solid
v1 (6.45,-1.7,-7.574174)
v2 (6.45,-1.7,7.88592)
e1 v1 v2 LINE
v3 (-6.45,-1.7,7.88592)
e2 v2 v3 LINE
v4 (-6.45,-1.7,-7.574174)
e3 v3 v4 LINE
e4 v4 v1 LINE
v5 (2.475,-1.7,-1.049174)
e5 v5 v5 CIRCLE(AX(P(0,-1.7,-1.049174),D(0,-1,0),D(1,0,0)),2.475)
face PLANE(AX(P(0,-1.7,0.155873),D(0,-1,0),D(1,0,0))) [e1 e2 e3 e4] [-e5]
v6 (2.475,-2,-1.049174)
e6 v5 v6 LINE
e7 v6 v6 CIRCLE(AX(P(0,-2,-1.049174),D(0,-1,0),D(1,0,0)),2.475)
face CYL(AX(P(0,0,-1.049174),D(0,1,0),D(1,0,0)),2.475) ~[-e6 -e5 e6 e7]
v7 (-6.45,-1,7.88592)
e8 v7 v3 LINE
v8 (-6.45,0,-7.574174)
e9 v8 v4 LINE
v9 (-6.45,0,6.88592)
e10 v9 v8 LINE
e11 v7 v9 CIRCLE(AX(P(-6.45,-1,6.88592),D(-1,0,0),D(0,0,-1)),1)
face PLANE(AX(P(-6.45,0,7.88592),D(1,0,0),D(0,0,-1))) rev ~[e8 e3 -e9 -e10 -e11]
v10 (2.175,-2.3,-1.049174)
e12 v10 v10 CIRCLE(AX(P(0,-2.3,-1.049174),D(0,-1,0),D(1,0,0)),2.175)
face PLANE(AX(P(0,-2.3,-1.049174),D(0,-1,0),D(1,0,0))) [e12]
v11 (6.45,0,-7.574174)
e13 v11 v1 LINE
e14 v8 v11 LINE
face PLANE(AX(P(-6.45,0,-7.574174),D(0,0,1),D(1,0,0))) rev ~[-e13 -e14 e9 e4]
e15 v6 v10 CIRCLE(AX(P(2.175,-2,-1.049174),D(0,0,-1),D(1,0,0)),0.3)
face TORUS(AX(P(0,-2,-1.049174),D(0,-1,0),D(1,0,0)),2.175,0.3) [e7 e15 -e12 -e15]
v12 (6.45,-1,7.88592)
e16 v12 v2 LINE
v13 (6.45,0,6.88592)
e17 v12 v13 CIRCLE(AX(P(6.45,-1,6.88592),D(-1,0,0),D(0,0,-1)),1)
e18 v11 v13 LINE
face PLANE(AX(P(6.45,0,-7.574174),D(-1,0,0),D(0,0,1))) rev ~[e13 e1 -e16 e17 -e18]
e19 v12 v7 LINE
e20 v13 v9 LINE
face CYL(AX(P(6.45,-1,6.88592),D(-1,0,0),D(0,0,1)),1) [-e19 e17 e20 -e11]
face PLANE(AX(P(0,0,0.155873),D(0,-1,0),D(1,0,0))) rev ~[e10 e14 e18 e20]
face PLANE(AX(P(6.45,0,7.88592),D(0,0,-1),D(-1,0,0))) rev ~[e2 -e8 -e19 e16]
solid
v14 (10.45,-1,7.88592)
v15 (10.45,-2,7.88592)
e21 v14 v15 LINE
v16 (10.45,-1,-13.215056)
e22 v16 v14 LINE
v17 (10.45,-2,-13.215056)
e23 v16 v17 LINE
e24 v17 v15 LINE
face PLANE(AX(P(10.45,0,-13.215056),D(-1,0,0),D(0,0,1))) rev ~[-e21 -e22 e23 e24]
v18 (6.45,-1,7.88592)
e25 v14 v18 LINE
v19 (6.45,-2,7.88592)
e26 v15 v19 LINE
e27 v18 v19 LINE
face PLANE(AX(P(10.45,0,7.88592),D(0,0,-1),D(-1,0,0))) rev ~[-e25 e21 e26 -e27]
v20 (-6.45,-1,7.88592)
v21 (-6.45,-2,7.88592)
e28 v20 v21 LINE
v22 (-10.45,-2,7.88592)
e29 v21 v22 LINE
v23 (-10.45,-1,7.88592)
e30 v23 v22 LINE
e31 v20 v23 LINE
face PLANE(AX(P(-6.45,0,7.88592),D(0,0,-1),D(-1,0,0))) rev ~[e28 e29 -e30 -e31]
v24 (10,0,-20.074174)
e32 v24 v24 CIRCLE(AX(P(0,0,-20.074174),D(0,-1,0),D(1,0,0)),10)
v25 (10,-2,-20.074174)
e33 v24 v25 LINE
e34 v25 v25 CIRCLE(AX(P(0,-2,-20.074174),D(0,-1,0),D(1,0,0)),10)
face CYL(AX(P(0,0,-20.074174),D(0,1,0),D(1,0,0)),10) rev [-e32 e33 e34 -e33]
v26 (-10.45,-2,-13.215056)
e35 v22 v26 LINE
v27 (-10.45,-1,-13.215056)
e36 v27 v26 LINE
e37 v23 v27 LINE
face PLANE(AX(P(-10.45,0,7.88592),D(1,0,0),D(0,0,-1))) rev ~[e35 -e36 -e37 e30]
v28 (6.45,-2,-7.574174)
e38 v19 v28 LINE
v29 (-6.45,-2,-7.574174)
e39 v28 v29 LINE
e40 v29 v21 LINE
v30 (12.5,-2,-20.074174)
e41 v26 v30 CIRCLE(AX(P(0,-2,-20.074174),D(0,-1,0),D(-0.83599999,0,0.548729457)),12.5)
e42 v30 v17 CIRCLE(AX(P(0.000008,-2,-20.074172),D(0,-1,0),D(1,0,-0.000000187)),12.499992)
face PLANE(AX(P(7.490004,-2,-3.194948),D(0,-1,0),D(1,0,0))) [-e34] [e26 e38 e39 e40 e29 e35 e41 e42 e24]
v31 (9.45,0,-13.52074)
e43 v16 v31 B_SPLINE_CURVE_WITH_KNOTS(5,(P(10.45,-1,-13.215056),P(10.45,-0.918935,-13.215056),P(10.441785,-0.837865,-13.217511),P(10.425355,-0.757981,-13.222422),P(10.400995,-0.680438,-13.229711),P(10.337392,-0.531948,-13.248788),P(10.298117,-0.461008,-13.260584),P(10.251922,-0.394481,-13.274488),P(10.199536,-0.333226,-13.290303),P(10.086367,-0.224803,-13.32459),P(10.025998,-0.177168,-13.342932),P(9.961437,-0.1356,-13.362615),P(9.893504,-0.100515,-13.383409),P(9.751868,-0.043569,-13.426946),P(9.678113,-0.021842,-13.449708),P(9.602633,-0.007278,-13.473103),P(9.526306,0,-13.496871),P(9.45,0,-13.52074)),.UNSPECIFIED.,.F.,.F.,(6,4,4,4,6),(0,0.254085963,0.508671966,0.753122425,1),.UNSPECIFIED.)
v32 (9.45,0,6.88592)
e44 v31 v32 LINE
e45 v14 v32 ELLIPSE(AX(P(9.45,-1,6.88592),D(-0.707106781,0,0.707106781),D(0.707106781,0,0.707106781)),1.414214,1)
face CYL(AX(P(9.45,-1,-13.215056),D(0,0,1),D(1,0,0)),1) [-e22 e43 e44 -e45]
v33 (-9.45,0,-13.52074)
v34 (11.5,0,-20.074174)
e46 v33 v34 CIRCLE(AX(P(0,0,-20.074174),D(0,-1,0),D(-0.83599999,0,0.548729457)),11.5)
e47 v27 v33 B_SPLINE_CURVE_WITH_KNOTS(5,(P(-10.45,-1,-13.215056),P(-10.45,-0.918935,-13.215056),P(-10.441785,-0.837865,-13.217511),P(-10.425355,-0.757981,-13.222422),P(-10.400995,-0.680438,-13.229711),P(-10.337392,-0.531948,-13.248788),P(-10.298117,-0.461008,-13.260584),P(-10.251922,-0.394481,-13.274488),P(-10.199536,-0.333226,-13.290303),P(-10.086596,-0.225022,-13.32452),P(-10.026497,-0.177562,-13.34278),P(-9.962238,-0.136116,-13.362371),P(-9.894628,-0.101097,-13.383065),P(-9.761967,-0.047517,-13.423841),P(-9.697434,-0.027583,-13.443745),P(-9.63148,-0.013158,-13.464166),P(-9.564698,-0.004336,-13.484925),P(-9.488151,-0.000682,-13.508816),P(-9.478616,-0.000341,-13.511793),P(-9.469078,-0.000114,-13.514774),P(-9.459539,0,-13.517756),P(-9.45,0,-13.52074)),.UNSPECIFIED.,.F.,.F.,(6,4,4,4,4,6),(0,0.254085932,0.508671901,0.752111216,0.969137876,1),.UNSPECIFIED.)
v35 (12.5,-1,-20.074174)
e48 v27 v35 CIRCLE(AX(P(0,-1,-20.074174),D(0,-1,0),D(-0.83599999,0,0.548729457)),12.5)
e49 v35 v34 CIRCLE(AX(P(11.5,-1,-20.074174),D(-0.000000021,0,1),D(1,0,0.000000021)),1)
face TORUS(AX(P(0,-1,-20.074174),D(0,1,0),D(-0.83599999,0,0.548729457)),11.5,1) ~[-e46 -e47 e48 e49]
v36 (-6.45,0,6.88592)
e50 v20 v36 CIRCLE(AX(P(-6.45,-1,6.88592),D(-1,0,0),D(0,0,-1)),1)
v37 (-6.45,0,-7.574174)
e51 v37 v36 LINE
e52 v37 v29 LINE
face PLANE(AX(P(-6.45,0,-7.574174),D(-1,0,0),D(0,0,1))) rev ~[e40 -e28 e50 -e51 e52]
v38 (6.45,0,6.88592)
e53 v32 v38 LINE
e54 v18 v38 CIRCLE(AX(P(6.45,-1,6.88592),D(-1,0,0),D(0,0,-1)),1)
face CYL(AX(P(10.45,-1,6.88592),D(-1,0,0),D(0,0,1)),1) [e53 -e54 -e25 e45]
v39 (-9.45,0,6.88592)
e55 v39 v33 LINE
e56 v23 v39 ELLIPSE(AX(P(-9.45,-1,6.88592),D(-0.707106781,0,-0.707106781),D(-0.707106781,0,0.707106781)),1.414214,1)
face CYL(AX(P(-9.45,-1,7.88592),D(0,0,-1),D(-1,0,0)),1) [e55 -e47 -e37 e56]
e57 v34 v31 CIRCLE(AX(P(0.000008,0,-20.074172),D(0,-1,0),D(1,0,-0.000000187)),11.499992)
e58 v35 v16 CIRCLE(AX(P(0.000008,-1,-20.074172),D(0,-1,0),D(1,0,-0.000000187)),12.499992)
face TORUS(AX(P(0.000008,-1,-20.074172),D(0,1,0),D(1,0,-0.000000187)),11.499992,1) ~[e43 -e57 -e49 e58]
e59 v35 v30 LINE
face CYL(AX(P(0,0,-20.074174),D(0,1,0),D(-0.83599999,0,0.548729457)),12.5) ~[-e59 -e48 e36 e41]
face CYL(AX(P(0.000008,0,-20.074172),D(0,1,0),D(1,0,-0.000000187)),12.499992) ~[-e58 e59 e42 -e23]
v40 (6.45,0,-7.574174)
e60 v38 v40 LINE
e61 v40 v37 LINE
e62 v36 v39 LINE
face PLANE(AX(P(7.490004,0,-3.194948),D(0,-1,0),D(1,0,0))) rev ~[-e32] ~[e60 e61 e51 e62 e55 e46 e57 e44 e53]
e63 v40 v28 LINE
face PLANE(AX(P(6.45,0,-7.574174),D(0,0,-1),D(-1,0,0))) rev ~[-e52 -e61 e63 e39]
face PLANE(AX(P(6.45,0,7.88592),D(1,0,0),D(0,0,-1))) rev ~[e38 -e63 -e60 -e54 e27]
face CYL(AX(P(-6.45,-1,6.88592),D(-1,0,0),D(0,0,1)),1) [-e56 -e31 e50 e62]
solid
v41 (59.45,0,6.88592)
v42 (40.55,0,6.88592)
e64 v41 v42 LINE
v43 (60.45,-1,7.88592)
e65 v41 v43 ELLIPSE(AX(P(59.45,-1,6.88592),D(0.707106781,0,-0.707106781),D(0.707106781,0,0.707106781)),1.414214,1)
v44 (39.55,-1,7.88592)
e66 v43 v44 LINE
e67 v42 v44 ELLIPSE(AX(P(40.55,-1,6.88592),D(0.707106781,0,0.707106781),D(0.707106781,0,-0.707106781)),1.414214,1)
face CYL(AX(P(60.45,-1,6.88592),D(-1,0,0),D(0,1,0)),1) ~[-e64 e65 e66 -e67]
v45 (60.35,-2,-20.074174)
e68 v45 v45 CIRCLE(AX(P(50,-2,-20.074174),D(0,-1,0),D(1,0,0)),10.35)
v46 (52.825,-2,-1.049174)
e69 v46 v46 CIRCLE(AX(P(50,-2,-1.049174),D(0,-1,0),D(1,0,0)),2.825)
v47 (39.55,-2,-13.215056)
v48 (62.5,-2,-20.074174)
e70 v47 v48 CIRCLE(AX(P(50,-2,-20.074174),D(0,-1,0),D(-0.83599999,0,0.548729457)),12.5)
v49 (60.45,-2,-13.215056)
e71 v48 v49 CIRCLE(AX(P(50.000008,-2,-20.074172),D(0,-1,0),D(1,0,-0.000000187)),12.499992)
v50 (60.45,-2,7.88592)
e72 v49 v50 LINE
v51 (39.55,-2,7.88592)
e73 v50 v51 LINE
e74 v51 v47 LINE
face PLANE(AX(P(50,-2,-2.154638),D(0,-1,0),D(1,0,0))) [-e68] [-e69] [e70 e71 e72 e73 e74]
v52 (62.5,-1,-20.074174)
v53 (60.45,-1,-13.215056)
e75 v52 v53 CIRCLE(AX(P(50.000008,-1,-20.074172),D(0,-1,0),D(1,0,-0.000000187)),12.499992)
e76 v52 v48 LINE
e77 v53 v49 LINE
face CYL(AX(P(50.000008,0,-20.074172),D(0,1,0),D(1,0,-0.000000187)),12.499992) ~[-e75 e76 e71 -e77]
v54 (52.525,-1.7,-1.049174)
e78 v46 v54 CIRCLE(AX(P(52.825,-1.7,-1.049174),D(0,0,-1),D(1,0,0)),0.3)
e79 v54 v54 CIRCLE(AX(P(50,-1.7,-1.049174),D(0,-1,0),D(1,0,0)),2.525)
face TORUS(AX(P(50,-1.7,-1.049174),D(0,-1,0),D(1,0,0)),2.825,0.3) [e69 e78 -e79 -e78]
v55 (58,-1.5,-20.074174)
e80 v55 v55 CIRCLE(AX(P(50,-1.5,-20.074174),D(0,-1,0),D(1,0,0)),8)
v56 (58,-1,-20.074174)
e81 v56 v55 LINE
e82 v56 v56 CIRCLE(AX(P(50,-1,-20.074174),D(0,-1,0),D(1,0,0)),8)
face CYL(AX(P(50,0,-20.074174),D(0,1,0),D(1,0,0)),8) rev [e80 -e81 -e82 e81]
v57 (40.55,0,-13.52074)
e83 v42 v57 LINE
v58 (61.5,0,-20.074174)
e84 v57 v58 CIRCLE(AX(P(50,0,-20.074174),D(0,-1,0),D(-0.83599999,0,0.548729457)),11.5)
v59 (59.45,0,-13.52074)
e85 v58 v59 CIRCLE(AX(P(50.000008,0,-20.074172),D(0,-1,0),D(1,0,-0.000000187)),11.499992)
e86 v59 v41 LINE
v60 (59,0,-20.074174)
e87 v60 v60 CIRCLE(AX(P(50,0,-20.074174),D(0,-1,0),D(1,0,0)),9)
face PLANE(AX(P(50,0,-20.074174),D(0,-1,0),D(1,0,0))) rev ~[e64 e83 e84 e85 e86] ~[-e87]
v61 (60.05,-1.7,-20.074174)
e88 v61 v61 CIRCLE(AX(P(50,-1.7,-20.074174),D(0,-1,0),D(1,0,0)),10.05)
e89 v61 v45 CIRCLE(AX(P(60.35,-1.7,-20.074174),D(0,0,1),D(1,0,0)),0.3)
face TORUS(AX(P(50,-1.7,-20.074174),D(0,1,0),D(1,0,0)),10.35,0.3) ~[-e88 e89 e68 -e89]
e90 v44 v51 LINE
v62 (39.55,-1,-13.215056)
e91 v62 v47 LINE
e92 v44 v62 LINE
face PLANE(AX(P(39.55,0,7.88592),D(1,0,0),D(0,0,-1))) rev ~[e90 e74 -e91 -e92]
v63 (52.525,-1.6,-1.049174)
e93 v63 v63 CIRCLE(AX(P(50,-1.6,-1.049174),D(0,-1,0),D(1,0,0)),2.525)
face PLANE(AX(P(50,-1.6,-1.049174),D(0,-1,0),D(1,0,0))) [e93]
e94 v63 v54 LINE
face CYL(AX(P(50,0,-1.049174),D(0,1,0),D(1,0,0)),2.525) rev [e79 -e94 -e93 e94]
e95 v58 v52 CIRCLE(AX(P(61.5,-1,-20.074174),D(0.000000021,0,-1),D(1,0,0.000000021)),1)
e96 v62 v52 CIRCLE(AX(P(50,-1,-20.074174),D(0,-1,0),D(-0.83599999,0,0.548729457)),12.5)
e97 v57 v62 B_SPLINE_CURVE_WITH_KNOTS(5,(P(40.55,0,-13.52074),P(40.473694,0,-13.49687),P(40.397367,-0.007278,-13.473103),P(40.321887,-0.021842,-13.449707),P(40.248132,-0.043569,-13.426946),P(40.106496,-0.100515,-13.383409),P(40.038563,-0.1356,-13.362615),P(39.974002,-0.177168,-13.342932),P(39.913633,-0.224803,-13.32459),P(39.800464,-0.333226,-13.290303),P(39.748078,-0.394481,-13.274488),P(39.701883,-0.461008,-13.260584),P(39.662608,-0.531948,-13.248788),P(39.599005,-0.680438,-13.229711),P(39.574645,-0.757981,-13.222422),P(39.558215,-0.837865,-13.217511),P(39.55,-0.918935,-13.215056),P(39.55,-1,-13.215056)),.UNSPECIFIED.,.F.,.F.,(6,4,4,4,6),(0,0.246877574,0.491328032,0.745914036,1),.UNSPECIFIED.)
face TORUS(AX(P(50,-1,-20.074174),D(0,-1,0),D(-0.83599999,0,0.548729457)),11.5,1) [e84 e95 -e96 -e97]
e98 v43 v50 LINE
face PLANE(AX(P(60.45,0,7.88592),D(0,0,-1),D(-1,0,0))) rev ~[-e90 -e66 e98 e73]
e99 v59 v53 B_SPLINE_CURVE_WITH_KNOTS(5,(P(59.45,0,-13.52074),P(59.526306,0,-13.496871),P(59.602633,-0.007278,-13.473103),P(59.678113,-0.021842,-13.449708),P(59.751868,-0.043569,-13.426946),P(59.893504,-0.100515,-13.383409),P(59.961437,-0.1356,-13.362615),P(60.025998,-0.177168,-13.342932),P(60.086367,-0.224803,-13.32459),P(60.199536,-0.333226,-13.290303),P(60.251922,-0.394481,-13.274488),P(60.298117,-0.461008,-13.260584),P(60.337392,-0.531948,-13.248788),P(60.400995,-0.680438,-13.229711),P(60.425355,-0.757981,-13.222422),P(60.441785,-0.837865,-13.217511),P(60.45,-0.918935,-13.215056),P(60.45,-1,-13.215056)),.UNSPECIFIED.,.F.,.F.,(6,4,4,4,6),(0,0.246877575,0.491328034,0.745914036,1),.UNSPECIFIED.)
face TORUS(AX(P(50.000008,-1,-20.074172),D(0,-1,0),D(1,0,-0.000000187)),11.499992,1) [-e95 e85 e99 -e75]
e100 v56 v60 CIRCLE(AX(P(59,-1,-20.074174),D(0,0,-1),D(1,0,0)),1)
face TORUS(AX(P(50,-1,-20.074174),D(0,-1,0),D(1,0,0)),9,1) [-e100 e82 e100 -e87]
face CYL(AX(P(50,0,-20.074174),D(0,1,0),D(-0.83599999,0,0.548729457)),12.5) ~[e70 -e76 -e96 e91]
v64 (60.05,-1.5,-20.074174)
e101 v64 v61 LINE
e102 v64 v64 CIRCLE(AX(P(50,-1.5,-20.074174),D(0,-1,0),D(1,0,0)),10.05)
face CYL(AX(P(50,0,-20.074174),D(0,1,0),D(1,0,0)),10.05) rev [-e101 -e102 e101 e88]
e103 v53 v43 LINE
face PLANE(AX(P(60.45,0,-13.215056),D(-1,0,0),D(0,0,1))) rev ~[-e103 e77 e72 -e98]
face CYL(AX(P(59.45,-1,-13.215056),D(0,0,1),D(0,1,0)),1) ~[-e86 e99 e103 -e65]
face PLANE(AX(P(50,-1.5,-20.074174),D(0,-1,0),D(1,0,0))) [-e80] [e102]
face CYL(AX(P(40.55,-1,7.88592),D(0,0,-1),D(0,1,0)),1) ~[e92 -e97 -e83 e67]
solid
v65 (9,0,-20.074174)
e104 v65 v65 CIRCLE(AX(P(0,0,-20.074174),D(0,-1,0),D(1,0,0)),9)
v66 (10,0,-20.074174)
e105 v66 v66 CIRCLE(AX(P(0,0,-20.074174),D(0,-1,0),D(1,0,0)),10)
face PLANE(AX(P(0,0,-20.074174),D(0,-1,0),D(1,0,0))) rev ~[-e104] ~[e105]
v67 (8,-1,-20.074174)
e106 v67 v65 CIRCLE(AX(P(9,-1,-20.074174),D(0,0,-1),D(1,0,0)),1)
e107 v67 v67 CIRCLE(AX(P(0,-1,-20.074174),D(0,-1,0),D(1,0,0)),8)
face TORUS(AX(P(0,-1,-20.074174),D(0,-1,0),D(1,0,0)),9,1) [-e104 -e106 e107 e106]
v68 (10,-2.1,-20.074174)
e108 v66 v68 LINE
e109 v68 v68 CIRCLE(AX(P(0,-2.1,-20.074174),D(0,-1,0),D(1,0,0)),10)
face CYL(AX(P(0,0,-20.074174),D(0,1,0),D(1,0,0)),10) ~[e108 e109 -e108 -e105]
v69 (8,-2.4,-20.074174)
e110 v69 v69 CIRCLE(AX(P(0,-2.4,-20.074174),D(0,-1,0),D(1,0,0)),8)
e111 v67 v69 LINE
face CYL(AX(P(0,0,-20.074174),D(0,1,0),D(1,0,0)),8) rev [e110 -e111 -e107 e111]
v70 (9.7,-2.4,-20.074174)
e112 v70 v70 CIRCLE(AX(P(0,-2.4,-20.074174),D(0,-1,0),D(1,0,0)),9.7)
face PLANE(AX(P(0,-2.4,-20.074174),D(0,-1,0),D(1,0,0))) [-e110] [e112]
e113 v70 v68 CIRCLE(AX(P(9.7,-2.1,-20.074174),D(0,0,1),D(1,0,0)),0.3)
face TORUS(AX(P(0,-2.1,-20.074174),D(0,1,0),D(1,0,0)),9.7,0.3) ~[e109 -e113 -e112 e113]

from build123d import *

# Parameters (mm, degrees)
F0_R     = 2.525
F0_R_2   = 10.05
F0_R_3   = 10
F1_DEPTH = 2
F0_R_4   = 2.475
F2_DEPTH = 1.7
F3_DEPTH = 2.3
F4_DEPTH = 1.6
F5_R     = 0.3
F5_2_R   = 0.3
F0_R_5   = 8
F6_DEPTH = 2.4
F7_DEPTH = 1.5
F8_R     = 1
F8_2_R   = 1
F8_3_R   = 1
F9_R     = 0.3
F10_R    = 0.3


with BuildPart() as f1:
    # F0 (on Front) → F1 (new body)
    with BuildSketch(Plane.XZ):
        with BuildLine():
            Line((60.45, 7.88592), (39.55, 7.88592))
            Line((39.55, 7.88592), (39.55, -13.215056))
            ThreePointArc((39.55, -13.215056), (50, -7.574174), (60.45, -13.215056))
            Line((60.45, -13.215056), (60.45, 7.88592))
        make_face()
        with Locations((50, -1.049174)):
            Circle(F0_R, mode=Mode.SUBTRACT)
        with BuildLine():
            ThreePointArc((60.45, -13.215056), (50, -7.574174), (39.55, -13.215056))
            ThreePointArc((39.55, -13.215056), (46.420545, -32.050714), (62.5, -20.074174))
            ThreePointArc((62.5, -20.074174), (61.97654, -16.494719), (60.45, -13.215056))
        make_face()
        with Locations((50, -20.074174)):
            Circle(F0_R_2, mode=Mode.SUBTRACT)
        with BuildLine():
            Line((10.45, 7.88592), (6.45, 7.88592))
            Line((6.45, 7.88592), (6.45, -7.574174))
            Line((6.45, -7.574174), (0, -7.574174))
            ThreePointArc((0, -7.574174), (5.937635, -9.074425), (10.45, -13.215056))
            Line((10.45, -13.215056), (10.45, 7.88592))
        make_face()
        with BuildLine():
            ThreePointArc((10.45, -13.215056), (5.937635, -9.074425), (0, -7.574174))
            ThreePointArc((0, -7.574174), (-5.937635, -9.074425), (-10.45, -13.215056))
            ThreePointArc((-10.45, -13.215056), (-3.579455, -32.050714), (12.5, -20.074174))
            ThreePointArc((12.5, -20.074174), (11.97654, -16.494719), (10.45, -13.215056))
        make_face()
        with Locations((0, -20.074174)):
            Circle(F0_R_3, mode=Mode.SUBTRACT)
        with BuildLine():
            Line((-6.45, -7.574174), (-6.45, 7.88592))
            Line((-6.45, 7.88592), (-10.45, 7.88592))
            Line((-10.45, 7.88592), (-10.45, -13.215056))
            ThreePointArc((-10.45, -13.215056), (-5.937635, -9.074425), (0, -7.574174))
            Line((0, -7.574174), (-6.45, -7.574174))
        make_face()
    extrude(amount=F1_DEPTH)

    # F0 (on Front) → F4 (join)
    with BuildSketch(Plane.XZ):
        with Locations((50, -1.049174)):
            Circle(F0_R)
    extrude(amount=F4_DEPTH)

    # F5
    f5_edges = [f1.edges().sort_by_distance(p)[0] for p in [
        (47.475, -2, -1.049174),
    ]]
    fillet(f5_edges, radius=F5_R)

    # F0 (on Front) → F7 (join)
    with BuildSketch(Plane.XZ):
        with Locations((50, -20.074174)):
            Circle(F0_R_2)
        with Locations((50, -20.074174)):
            Circle(F0_R_5, mode=Mode.SUBTRACT)
    extrude(amount=F7_DEPTH)

    # F8
    f8_edges = [f1.edges().sort_by_distance(p)[0] for p in [
        (39.55, 0, -2.664568),
        (0, 0, -32.574174),
        (10.45, 0, -2.664568),
        (8.45, 0, 7.88592),
        (-8.45, 0, 7.88592),
        (-10.45, 0, -2.664568),
        (50, 0, -32.574174),
        (60.45, 0, -2.664568),
        (50, 0, 7.88592),
        (42, 0, -20.074174),
    ]]
    fillet(f8_edges, radius=F8_R)

    # F9
    f9_edges = [f1.edges().sort_by_distance(p)[0] for p in [
        (39.95, -2, -20.074174),
    ]]
    fillet(f9_edges, radius=F9_R)


with BuildPart() as f2:
    # F0 (on Front) → F2 (new body)
    with BuildSketch(Plane.XZ):
        Polygon((6.45, 7.88592), (-6.45, 7.88592), (-6.45, -7.574174), (0, -7.574174), (6.45, -7.574174), align=None)
        with Locations((0, -1.049174)):
            Circle(F0_R_4, mode=Mode.SUBTRACT)
    extrude(amount=F2_DEPTH)

    # F0 (on Front) → F3 (join)
    with BuildSketch(Plane.XZ):
        with Locations((0, -1.049174)):
            Circle(F0_R_4)
    extrude(amount=F3_DEPTH)

    # F5#2
    f5_2_edges = [f2.edges().sort_by_distance(p)[0] for p in [
        (-2.475, -2.3, -1.049174),
    ]]
    fillet(f5_2_edges, radius=F5_2_R)

    # F8#2
    f8_2_edges = [f2.edges().sort_by_distance(p)[0] for p in [
        (0, 0, 7.88592),
    ]]
    fillet(f8_2_edges, radius=F8_2_R)


with BuildPart() as f6:
    # F0 (on Front) → F6 (new body)
    with BuildSketch(Plane.XZ):
        with Locations((0, -20.074174)):
            Circle(F0_R_3)
        with Locations((0, -20.074174)):
            Circle(F0_R_5, mode=Mode.SUBTRACT)
    extrude(amount=F6_DEPTH)

    # F8#3
    f8_3_edges = [f6.edges().sort_by_distance(p)[0] for p in [
        (-8, 0, -20.074174),
    ]]
    fillet(f8_3_edges, radius=F8_3_R)

    # F10
    f10_edges = [f6.edges().sort_by_distance(p)[0] for p in [
        (-10, -2.4, -20.074174),
    ]]
    fillet(f10_edges, radius=F10_R)


solid = Compound([f1.part, f2.part, f6.part])
